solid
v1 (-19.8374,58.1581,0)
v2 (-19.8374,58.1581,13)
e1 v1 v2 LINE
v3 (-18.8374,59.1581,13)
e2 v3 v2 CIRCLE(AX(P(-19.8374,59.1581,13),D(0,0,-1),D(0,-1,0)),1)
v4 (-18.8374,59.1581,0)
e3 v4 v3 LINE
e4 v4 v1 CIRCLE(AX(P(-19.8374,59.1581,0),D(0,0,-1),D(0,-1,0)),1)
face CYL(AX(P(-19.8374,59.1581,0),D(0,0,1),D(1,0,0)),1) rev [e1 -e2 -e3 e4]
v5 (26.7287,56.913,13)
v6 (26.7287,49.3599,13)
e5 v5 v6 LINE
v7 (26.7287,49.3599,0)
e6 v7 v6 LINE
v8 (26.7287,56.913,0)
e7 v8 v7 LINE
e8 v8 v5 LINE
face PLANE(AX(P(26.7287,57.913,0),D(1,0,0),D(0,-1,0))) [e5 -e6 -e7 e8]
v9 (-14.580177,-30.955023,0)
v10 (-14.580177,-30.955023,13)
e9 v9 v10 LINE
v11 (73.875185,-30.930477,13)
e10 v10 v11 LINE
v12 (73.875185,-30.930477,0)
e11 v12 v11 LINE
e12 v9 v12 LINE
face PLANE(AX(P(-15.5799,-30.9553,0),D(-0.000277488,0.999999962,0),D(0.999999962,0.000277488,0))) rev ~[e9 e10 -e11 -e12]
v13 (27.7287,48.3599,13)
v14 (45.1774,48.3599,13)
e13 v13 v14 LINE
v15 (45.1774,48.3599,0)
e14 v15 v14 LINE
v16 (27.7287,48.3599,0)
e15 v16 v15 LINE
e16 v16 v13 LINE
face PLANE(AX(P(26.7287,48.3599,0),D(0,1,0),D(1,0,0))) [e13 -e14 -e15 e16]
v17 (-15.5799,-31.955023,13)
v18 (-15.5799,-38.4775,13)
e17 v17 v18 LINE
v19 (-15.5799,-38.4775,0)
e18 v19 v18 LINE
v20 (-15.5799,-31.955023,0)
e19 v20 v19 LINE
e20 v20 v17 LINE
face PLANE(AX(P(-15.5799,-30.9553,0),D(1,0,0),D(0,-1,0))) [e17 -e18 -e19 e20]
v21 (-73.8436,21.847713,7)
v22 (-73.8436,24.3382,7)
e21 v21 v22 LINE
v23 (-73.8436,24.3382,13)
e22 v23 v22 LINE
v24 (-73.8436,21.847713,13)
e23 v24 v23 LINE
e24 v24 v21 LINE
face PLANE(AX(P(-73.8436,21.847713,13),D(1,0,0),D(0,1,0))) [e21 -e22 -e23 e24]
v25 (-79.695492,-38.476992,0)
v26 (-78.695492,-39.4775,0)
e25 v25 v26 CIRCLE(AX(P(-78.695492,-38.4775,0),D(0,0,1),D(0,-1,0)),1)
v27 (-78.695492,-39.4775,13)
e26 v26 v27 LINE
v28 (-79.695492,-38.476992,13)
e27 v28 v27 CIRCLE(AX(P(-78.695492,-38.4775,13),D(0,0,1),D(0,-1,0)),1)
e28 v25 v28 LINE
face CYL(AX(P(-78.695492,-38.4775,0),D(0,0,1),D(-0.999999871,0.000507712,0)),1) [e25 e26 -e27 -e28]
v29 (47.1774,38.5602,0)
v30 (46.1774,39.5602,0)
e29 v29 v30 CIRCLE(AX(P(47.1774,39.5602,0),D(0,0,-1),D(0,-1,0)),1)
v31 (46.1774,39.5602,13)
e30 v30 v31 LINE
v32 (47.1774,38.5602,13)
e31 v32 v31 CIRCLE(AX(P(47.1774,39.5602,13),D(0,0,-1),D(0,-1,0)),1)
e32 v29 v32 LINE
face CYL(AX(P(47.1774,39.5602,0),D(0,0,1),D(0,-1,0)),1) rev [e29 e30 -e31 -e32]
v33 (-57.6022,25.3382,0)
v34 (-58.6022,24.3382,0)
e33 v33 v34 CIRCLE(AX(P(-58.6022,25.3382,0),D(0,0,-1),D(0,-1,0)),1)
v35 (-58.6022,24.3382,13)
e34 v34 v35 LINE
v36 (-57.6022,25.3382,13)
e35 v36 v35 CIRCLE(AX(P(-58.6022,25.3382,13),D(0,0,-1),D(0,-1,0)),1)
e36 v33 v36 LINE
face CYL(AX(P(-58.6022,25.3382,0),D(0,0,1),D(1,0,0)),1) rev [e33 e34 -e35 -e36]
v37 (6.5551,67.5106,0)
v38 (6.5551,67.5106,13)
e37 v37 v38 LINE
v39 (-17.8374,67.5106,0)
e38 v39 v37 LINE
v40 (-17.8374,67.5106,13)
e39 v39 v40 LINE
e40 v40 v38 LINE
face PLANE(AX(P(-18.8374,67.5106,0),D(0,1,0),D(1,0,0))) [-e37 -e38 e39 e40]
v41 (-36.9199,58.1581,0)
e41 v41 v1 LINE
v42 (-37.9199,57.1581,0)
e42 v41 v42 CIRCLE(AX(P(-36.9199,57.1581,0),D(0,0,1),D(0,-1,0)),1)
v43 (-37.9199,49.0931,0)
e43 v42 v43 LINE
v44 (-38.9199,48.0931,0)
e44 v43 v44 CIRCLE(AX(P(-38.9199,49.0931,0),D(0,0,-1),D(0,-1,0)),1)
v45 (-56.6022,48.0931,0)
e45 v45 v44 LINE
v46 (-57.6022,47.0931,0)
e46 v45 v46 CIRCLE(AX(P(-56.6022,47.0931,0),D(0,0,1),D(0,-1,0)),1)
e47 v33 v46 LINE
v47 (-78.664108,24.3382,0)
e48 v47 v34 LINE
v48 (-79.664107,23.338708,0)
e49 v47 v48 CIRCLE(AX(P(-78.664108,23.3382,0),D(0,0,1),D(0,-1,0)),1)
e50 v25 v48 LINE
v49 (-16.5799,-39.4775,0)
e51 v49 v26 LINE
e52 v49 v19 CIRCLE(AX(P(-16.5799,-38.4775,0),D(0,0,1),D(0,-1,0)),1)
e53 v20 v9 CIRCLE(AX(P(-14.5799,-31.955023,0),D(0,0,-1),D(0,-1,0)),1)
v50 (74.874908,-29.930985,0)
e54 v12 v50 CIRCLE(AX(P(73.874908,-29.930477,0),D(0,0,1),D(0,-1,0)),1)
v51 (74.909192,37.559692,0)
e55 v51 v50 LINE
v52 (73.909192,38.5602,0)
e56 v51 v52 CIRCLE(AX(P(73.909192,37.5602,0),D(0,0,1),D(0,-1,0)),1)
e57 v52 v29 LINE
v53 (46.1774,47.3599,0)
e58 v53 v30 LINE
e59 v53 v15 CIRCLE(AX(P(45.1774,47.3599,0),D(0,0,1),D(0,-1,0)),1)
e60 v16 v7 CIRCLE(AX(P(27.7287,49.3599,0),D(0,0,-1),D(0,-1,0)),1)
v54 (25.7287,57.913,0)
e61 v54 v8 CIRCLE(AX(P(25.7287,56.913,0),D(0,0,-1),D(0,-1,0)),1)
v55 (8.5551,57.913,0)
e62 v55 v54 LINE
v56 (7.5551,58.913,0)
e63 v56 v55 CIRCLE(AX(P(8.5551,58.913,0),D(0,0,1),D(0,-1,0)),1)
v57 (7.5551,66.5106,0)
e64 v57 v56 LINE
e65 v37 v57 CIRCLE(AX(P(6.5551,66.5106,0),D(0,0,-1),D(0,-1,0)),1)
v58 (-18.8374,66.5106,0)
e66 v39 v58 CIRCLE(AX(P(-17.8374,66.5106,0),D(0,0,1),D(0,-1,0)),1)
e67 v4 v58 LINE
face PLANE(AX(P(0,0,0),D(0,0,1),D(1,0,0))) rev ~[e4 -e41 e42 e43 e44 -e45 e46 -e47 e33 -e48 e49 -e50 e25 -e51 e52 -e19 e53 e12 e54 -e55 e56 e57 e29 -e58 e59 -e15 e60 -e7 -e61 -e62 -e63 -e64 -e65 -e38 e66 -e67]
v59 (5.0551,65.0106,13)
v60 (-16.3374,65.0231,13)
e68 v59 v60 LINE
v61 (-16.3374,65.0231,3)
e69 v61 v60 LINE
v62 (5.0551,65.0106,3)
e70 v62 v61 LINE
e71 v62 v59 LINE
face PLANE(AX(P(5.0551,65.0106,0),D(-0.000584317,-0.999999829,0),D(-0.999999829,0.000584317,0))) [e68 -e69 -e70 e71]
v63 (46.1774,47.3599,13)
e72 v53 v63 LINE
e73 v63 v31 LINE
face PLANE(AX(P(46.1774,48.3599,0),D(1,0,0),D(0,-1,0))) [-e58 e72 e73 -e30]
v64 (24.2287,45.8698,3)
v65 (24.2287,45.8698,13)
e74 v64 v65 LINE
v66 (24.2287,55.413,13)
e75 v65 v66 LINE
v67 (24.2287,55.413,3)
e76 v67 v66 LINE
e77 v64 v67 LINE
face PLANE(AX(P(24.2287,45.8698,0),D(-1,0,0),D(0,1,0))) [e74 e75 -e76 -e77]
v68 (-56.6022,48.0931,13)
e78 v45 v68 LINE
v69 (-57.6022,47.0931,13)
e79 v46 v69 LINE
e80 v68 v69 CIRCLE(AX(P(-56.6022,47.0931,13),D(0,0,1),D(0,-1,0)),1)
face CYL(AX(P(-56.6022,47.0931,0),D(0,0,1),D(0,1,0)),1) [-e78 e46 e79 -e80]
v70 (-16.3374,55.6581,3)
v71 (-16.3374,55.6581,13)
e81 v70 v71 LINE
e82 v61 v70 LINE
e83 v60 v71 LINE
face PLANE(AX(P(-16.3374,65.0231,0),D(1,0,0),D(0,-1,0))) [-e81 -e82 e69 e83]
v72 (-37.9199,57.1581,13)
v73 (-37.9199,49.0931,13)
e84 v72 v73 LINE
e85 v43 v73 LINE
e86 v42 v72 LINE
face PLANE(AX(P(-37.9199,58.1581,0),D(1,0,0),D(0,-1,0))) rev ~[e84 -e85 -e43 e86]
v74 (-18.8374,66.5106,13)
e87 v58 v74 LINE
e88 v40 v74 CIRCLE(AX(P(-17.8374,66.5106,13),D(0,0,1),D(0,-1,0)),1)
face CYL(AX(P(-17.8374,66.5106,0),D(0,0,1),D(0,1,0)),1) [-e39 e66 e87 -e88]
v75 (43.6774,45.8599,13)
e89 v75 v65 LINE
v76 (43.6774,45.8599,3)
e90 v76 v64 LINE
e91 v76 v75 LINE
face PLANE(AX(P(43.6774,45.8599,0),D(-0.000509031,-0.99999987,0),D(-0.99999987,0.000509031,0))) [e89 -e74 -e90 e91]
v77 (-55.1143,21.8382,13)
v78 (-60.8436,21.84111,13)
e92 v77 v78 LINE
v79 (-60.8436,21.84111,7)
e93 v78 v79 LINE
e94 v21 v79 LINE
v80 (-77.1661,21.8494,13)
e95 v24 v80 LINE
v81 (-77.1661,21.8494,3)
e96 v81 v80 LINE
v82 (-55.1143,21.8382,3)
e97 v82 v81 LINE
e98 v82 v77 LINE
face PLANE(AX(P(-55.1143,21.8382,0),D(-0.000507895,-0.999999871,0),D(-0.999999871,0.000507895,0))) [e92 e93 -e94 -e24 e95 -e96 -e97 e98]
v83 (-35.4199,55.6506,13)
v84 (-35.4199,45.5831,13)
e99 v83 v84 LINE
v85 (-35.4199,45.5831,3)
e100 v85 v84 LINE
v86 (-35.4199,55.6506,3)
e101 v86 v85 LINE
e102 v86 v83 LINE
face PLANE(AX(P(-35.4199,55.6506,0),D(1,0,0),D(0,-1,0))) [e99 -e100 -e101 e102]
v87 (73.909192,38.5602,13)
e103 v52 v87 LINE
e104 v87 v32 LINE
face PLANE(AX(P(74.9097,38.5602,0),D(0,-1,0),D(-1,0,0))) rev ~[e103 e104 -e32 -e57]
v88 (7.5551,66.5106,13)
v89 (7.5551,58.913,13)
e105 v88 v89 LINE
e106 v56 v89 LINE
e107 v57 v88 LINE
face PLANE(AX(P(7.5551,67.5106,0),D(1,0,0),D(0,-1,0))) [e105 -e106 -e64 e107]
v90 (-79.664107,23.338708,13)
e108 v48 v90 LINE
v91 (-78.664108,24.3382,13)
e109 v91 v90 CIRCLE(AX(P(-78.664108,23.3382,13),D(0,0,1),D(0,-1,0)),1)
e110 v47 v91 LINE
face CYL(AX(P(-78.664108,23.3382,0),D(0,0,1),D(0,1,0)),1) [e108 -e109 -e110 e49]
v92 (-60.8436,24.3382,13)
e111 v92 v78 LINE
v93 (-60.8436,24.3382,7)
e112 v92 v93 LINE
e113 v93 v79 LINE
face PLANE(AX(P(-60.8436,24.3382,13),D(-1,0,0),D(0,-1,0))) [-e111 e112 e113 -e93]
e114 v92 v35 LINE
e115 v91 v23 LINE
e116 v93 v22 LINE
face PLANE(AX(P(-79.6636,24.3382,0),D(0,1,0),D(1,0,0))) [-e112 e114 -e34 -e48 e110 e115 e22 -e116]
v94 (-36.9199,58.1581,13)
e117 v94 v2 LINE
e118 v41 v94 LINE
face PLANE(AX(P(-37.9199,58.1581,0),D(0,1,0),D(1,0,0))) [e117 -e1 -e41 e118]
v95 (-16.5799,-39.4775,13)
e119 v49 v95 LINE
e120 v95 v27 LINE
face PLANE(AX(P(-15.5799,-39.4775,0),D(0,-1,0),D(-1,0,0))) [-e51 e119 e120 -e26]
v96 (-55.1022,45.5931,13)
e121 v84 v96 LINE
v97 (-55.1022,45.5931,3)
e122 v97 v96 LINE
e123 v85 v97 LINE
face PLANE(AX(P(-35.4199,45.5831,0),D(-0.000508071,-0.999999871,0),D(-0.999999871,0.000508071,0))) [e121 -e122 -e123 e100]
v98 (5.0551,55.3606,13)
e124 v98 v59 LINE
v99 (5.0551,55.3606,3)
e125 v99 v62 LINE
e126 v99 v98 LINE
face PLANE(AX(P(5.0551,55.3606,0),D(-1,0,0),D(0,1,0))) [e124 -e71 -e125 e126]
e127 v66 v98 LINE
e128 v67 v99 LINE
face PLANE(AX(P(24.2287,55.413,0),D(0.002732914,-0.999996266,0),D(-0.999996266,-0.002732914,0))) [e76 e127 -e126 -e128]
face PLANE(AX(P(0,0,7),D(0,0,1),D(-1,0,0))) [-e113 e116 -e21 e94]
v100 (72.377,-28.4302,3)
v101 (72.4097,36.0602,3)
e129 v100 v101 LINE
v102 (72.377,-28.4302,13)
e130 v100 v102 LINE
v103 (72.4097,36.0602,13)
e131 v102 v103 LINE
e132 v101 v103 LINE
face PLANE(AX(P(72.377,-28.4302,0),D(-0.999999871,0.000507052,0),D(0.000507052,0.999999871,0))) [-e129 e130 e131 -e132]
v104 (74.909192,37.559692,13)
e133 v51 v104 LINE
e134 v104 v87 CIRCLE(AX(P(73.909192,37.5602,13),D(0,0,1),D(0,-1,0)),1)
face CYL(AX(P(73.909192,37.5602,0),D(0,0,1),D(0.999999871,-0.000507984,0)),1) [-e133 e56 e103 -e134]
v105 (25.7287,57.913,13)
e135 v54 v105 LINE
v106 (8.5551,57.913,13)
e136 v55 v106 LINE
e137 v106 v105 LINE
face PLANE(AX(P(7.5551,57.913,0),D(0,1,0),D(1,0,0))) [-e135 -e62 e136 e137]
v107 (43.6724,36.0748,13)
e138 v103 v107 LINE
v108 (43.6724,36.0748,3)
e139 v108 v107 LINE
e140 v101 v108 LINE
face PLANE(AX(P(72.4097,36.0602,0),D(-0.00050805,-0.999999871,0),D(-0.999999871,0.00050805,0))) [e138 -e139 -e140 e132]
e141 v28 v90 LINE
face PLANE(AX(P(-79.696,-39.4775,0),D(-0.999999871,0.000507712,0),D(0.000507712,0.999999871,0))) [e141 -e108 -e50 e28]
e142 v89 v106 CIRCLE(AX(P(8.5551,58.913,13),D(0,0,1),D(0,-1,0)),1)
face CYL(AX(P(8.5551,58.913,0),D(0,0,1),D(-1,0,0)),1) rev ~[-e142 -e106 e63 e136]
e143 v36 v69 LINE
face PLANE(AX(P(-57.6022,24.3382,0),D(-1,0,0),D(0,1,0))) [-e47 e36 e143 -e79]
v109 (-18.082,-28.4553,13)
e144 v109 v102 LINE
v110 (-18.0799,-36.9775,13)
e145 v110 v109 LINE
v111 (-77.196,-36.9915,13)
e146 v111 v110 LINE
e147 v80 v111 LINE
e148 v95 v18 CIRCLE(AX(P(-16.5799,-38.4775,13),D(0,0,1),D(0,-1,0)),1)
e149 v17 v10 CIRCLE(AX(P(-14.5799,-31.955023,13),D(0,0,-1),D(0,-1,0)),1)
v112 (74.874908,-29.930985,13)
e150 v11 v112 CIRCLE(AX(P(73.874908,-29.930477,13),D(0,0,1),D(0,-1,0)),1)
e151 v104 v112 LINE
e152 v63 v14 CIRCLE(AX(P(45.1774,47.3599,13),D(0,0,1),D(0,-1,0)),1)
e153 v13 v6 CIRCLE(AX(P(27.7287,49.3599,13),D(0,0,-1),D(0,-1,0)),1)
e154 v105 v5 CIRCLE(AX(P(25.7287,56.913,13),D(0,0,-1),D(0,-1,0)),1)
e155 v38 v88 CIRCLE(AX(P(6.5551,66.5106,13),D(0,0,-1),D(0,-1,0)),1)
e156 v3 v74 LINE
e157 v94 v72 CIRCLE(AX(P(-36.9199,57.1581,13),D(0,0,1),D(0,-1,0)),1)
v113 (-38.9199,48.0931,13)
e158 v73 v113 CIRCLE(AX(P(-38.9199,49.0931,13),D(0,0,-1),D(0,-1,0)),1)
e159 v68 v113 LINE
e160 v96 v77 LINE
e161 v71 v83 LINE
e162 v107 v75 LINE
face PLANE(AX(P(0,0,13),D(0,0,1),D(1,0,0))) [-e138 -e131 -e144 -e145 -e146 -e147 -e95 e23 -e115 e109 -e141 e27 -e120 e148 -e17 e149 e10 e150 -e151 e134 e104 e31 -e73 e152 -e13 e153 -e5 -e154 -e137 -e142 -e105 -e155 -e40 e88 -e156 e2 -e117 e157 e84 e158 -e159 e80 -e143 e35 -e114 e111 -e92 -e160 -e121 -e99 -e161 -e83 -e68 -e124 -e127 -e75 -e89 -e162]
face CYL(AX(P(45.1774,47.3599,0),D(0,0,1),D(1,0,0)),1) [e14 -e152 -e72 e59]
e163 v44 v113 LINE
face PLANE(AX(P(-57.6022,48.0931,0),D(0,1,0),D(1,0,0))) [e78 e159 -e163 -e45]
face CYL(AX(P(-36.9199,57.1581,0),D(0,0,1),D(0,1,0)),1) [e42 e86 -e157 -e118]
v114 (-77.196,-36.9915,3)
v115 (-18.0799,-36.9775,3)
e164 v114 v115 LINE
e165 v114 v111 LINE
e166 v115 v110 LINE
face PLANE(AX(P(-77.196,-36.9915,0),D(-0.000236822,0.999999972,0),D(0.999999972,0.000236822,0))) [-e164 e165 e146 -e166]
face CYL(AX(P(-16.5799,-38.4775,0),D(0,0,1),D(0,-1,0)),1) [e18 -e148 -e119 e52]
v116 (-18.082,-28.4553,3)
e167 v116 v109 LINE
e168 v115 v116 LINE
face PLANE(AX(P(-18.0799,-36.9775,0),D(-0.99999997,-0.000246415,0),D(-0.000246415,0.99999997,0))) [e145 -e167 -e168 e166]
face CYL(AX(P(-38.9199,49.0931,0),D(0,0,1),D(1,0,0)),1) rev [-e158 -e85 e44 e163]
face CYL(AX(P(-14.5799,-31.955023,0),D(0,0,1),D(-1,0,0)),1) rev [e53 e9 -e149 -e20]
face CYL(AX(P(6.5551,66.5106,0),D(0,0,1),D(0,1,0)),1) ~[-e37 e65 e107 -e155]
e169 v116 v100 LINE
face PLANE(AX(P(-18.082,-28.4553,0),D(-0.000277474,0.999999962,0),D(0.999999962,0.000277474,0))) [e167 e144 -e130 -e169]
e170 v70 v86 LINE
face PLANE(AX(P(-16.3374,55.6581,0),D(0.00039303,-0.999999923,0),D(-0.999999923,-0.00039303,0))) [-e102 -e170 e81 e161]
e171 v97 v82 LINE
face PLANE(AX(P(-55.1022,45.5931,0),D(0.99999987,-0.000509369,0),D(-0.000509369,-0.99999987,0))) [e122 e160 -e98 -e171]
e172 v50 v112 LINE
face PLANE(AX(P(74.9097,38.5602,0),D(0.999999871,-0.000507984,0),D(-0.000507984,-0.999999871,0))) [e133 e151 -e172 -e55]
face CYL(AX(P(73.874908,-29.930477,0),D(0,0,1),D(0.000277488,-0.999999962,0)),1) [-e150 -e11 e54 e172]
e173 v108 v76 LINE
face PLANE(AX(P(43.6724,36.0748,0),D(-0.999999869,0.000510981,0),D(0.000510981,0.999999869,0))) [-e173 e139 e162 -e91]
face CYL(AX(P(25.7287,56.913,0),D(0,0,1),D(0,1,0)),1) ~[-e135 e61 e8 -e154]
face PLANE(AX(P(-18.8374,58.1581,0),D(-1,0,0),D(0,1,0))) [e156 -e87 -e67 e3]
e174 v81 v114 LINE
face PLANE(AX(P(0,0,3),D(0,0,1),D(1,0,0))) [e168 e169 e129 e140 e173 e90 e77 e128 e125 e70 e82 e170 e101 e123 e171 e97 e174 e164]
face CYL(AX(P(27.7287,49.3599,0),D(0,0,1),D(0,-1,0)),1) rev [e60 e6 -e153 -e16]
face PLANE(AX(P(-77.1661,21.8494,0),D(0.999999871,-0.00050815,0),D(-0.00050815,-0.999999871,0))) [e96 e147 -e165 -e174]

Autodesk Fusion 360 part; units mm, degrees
sketch "Sketch1" plane through (0, 0, 0) normal (0, 0, 1) x (1, 0, 0)
  line L0 (-77.1661, 21.8494) -> (-77.196, -36.9915)
  line L1 (-55.1143, 21.8382) -> (-77.1661, 21.8494)
  line L2 (-55.1022, 45.5931) -> (-55.1143, 21.8382)
  line L3 (-35.4199, 45.5831) -> (-55.1022, 45.5931)
  line L4 (-35.4199, 55.6506) -> (-35.4199, 45.5831)
  line L5 (-16.3374, 55.6581) -> (-35.4199, 55.6506)
  line L6 (-16.3374, 65.0231) -> (-16.3374, 55.6581)
  line L7 (5.0551, 65.0106) -> (-16.3374, 65.0231)
  line L8 (5.0551, 55.3606) -> (5.0551, 65.0106)
  line L9 (24.2287, 55.413) -> (5.0551, 55.3606)
  line L10 (24.2287, 45.8698) -> (24.2287, 55.413)
  line L11 (43.6774, 45.8599) -> (24.2287, 45.8698)
  line L12 (43.6724, 36.0748) -> (43.6774, 45.8599)
  line L13 (72.4097, 36.0602) -> (43.6724, 36.0748)
  line L14 (72.377, -28.4302) -> (72.4097, 36.0602)
  line L15 (-18.082, -28.4553) -> (72.377, -28.4302)
  line L16 (-18.0799, -36.9775) -> (-18.082, -28.4553)
  line L17 (-77.196, -36.9915) -> (-18.0799, -36.9775)
  line L18 (-18.8374, 67.5106) -> (7.5551, 67.5106)
  line L19 (7.5551, 67.5106) -> (7.5551, 57.913)
  line L20 (7.5551, 57.913) -> (26.7287, 57.913)
  line L21 (26.7287, 57.913) -> (26.7287, 48.3599)
  line L22 (26.7287, 48.3599) -> (46.1774, 48.3599)
  line L23 (46.1774, 48.3599) -> (46.1774, 38.5602)
  line L24 (74.9097, 38.5602) -> (46.1774, 38.5602)
  line L25 (74.9097, 38.5602) -> (74.8744, -30.9302)
  line L26 (-15.5799, -30.9553) -> (-15.5799, -39.4775)
  line L27 (-15.5799, -30.9553) -> (74.8744, -30.9302)
  line L28 (-15.5799, -39.4775) -> (-79.696, -39.4775)
  line L29 (-79.696, -39.4775) -> (-79.6636, 24.3382)
  line L30 (-79.6636, 24.3382) -> (-57.6022, 24.3382)
  line L31 (-57.6022, 24.3382) -> (-57.6022, 48.0931)
  line L32 (-57.6022, 48.0931) -> (-37.9199, 48.0931)
  line L33 (-37.9199, 58.1581) -> (-37.9199, 48.0931)
  line L34 (-37.9199, 58.1581) -> (-18.8374, 58.1581)
  line L35 (-18.8374, 58.1581) -> (-18.8374, 67.5106)
  dimension "d1" = 2.5
  dimension "d2" = 2.5
  dimension "d4" = 2.5
  dimension "d5" = 2.5
  dimension "d6" = 2.5
  dimension "d7" = 2.5
  dimension "d8" = 2.5
  dimension "d9" = 2.5
  dimension "d11" = 2.5
  dimension "d12" = 2.5
  dimension "d13" = 2.5
  dimension "d14" = 2.5
  dimension "d16" = 2.5
  dimension "d17" = 2.5
  dimension "d18" = 2.5
  dimension "d19" = 2.5
  dimension "d20" = 2.5
  dimension "d21" = 2.5
  dimension "d22" = 2.5
extrude "Extrude1" add sketch "Sketch1" along normal blind 13
extrude "Extrude2" add sketch "Sketch1" along normal blind 3 contours L0 L1 L2 L3 L4 L5 L6 L7 L8 L9 L10 L11 L12 L13 L14 L15 L16 L17
sketch "Sketch4" plane through (0, 0, 13) normal (0, 0, 1) x (-1, 0, 0)
  line L0 (18.0799, 36.9775) -> (77.196, 36.9915)
  line L1 (77.196, 36.9915) -> (77.1661, -21.8494)
  line L2 (77.1661, -21.8494) -> (55.1143, -21.8382)
  line L3 (55.1143, -21.8382) -> (55.1022, -45.5931)
  line L4 (55.1022, -45.5931) -> (35.4199, -45.5831)
  line L5 (35.4199, -45.5831) -> (35.4199, -55.6506)
  line L6 (35.4199, -55.6506) -> (16.3374, -55.6581)
  line L7 (16.3374, -55.6581) -> (16.3374, -65.0231)
  line L8 (16.3374, -65.0231) -> (-5.0551, -65.0106)
  line L9 (-5.0551, -65.0106) -> (-5.0551, -55.3606)
  line L10 (-5.0551, -55.3606) -> (-24.2287, -55.413)
  line L11 (-24.2287, -55.413) -> (-24.2287, -45.8698)
  line L12 (-24.2287, -45.8698) -> (-43.6774, -45.8599)
  line L13 (-43.6774, -45.8599) -> (-43.6724, -36.0748)
  line L14 (-43.6724, -36.0748) -> (-72.4097, -36.0602)
  line L15 (-72.4097, -36.0602) -> (-72.377, 28.4302)
  line L16 (-72.377, 28.4302) -> (18.082, 28.4553)
  line L17 (18.082, 28.4553) -> (18.0799, 36.9775)
  line L18 (37.9199, -58.1581) -> (37.9199, -48.0931)
  line L19 (37.9199, -48.0931) -> (57.6022, -48.0931)
  line L20 (57.6022, -48.0931) -> (57.6022, -24.3382)
  line L21 (57.6022, -24.3382) -> (79.6636, -24.3382)
  line L22 (79.6636, -24.3382) -> (79.696, 39.4775)
  line L23 (79.696, 39.4775) -> (15.5799, 39.4775)
  line L24 (15.5799, 39.4775) -> (15.5799, 30.9553)
  line L25 (15.5799, 30.9553) -> (-74.8744, 30.9302)
  line L26 (-74.8744, 30.9302) -> (-74.9097, -38.5602)
  line L27 (-74.9097, -38.5602) -> (-46.1774, -38.5602)
  line L28 (-46.1774, -38.5602) -> (-46.1774, -48.3599)
  line L29 (-46.1774, -48.3599) -> (-26.7287, -48.3599)
  line L30 (-26.7287, -48.3599) -> (-26.7287, -57.913)
  line L31 (-26.7287, -57.913) -> (-7.5551, -57.913)
  line L32 (-7.5551, -57.913) -> (-7.5551, -67.5106)
  line L33 (-7.5551, -67.5106) -> (18.8374, -67.5106)
  line L34 (18.8374, -67.5106) -> (18.8374, -58.1581)
  line L35 (18.8374, -58.1581) -> (37.9199, -58.1581)
  line L36 (73.8436, -24.8) -> (60.8436, -24.8)
  line L37 (60.8436, -24.8) -> (60.8436, -21.5)
  line L38 (60.8436, -21.5) -> (73.8436, -21.5)
  line L39 (73.8436, -21.5) -> (73.8436, -24.8)
  dimension "d27" = 13
  dimension "d28" = 5.82
extrude "Extrude3" cut sketch "Sketch4" against normal blind 6 contours L2 L21 L37 L39
fillet "Fillet1" radius 1 18 edges at (-79.696, -39.4775, 6.5) (-15.5799, -39.4775, 6.5) (-15.5799, -30.9553, 6.5) (74.8744, -30.9302, 6.5) (74.9097, 38.5602, 6.5) (46.1774, 38.5602, 6.5) (26.7287, 48.3599, 6.5) (46.1774, 48.3599, 6.5) (26.7287, 57.913, 6.5) (7.5551, 67.5106, 6.5) (7.5551, 57.913, 6.5) (-57.6022, 48.0931, 6.5) (-57.6022, 24.3382, 6.5) (-79.6636, 24.3382, 6.5) (-37.9199, 48.0931, 6.5) (-37.9199, 58.1581, 6.5) (-18.8374, 58.1581, 6.5) (-18.8374, 67.5106, 6.5)
